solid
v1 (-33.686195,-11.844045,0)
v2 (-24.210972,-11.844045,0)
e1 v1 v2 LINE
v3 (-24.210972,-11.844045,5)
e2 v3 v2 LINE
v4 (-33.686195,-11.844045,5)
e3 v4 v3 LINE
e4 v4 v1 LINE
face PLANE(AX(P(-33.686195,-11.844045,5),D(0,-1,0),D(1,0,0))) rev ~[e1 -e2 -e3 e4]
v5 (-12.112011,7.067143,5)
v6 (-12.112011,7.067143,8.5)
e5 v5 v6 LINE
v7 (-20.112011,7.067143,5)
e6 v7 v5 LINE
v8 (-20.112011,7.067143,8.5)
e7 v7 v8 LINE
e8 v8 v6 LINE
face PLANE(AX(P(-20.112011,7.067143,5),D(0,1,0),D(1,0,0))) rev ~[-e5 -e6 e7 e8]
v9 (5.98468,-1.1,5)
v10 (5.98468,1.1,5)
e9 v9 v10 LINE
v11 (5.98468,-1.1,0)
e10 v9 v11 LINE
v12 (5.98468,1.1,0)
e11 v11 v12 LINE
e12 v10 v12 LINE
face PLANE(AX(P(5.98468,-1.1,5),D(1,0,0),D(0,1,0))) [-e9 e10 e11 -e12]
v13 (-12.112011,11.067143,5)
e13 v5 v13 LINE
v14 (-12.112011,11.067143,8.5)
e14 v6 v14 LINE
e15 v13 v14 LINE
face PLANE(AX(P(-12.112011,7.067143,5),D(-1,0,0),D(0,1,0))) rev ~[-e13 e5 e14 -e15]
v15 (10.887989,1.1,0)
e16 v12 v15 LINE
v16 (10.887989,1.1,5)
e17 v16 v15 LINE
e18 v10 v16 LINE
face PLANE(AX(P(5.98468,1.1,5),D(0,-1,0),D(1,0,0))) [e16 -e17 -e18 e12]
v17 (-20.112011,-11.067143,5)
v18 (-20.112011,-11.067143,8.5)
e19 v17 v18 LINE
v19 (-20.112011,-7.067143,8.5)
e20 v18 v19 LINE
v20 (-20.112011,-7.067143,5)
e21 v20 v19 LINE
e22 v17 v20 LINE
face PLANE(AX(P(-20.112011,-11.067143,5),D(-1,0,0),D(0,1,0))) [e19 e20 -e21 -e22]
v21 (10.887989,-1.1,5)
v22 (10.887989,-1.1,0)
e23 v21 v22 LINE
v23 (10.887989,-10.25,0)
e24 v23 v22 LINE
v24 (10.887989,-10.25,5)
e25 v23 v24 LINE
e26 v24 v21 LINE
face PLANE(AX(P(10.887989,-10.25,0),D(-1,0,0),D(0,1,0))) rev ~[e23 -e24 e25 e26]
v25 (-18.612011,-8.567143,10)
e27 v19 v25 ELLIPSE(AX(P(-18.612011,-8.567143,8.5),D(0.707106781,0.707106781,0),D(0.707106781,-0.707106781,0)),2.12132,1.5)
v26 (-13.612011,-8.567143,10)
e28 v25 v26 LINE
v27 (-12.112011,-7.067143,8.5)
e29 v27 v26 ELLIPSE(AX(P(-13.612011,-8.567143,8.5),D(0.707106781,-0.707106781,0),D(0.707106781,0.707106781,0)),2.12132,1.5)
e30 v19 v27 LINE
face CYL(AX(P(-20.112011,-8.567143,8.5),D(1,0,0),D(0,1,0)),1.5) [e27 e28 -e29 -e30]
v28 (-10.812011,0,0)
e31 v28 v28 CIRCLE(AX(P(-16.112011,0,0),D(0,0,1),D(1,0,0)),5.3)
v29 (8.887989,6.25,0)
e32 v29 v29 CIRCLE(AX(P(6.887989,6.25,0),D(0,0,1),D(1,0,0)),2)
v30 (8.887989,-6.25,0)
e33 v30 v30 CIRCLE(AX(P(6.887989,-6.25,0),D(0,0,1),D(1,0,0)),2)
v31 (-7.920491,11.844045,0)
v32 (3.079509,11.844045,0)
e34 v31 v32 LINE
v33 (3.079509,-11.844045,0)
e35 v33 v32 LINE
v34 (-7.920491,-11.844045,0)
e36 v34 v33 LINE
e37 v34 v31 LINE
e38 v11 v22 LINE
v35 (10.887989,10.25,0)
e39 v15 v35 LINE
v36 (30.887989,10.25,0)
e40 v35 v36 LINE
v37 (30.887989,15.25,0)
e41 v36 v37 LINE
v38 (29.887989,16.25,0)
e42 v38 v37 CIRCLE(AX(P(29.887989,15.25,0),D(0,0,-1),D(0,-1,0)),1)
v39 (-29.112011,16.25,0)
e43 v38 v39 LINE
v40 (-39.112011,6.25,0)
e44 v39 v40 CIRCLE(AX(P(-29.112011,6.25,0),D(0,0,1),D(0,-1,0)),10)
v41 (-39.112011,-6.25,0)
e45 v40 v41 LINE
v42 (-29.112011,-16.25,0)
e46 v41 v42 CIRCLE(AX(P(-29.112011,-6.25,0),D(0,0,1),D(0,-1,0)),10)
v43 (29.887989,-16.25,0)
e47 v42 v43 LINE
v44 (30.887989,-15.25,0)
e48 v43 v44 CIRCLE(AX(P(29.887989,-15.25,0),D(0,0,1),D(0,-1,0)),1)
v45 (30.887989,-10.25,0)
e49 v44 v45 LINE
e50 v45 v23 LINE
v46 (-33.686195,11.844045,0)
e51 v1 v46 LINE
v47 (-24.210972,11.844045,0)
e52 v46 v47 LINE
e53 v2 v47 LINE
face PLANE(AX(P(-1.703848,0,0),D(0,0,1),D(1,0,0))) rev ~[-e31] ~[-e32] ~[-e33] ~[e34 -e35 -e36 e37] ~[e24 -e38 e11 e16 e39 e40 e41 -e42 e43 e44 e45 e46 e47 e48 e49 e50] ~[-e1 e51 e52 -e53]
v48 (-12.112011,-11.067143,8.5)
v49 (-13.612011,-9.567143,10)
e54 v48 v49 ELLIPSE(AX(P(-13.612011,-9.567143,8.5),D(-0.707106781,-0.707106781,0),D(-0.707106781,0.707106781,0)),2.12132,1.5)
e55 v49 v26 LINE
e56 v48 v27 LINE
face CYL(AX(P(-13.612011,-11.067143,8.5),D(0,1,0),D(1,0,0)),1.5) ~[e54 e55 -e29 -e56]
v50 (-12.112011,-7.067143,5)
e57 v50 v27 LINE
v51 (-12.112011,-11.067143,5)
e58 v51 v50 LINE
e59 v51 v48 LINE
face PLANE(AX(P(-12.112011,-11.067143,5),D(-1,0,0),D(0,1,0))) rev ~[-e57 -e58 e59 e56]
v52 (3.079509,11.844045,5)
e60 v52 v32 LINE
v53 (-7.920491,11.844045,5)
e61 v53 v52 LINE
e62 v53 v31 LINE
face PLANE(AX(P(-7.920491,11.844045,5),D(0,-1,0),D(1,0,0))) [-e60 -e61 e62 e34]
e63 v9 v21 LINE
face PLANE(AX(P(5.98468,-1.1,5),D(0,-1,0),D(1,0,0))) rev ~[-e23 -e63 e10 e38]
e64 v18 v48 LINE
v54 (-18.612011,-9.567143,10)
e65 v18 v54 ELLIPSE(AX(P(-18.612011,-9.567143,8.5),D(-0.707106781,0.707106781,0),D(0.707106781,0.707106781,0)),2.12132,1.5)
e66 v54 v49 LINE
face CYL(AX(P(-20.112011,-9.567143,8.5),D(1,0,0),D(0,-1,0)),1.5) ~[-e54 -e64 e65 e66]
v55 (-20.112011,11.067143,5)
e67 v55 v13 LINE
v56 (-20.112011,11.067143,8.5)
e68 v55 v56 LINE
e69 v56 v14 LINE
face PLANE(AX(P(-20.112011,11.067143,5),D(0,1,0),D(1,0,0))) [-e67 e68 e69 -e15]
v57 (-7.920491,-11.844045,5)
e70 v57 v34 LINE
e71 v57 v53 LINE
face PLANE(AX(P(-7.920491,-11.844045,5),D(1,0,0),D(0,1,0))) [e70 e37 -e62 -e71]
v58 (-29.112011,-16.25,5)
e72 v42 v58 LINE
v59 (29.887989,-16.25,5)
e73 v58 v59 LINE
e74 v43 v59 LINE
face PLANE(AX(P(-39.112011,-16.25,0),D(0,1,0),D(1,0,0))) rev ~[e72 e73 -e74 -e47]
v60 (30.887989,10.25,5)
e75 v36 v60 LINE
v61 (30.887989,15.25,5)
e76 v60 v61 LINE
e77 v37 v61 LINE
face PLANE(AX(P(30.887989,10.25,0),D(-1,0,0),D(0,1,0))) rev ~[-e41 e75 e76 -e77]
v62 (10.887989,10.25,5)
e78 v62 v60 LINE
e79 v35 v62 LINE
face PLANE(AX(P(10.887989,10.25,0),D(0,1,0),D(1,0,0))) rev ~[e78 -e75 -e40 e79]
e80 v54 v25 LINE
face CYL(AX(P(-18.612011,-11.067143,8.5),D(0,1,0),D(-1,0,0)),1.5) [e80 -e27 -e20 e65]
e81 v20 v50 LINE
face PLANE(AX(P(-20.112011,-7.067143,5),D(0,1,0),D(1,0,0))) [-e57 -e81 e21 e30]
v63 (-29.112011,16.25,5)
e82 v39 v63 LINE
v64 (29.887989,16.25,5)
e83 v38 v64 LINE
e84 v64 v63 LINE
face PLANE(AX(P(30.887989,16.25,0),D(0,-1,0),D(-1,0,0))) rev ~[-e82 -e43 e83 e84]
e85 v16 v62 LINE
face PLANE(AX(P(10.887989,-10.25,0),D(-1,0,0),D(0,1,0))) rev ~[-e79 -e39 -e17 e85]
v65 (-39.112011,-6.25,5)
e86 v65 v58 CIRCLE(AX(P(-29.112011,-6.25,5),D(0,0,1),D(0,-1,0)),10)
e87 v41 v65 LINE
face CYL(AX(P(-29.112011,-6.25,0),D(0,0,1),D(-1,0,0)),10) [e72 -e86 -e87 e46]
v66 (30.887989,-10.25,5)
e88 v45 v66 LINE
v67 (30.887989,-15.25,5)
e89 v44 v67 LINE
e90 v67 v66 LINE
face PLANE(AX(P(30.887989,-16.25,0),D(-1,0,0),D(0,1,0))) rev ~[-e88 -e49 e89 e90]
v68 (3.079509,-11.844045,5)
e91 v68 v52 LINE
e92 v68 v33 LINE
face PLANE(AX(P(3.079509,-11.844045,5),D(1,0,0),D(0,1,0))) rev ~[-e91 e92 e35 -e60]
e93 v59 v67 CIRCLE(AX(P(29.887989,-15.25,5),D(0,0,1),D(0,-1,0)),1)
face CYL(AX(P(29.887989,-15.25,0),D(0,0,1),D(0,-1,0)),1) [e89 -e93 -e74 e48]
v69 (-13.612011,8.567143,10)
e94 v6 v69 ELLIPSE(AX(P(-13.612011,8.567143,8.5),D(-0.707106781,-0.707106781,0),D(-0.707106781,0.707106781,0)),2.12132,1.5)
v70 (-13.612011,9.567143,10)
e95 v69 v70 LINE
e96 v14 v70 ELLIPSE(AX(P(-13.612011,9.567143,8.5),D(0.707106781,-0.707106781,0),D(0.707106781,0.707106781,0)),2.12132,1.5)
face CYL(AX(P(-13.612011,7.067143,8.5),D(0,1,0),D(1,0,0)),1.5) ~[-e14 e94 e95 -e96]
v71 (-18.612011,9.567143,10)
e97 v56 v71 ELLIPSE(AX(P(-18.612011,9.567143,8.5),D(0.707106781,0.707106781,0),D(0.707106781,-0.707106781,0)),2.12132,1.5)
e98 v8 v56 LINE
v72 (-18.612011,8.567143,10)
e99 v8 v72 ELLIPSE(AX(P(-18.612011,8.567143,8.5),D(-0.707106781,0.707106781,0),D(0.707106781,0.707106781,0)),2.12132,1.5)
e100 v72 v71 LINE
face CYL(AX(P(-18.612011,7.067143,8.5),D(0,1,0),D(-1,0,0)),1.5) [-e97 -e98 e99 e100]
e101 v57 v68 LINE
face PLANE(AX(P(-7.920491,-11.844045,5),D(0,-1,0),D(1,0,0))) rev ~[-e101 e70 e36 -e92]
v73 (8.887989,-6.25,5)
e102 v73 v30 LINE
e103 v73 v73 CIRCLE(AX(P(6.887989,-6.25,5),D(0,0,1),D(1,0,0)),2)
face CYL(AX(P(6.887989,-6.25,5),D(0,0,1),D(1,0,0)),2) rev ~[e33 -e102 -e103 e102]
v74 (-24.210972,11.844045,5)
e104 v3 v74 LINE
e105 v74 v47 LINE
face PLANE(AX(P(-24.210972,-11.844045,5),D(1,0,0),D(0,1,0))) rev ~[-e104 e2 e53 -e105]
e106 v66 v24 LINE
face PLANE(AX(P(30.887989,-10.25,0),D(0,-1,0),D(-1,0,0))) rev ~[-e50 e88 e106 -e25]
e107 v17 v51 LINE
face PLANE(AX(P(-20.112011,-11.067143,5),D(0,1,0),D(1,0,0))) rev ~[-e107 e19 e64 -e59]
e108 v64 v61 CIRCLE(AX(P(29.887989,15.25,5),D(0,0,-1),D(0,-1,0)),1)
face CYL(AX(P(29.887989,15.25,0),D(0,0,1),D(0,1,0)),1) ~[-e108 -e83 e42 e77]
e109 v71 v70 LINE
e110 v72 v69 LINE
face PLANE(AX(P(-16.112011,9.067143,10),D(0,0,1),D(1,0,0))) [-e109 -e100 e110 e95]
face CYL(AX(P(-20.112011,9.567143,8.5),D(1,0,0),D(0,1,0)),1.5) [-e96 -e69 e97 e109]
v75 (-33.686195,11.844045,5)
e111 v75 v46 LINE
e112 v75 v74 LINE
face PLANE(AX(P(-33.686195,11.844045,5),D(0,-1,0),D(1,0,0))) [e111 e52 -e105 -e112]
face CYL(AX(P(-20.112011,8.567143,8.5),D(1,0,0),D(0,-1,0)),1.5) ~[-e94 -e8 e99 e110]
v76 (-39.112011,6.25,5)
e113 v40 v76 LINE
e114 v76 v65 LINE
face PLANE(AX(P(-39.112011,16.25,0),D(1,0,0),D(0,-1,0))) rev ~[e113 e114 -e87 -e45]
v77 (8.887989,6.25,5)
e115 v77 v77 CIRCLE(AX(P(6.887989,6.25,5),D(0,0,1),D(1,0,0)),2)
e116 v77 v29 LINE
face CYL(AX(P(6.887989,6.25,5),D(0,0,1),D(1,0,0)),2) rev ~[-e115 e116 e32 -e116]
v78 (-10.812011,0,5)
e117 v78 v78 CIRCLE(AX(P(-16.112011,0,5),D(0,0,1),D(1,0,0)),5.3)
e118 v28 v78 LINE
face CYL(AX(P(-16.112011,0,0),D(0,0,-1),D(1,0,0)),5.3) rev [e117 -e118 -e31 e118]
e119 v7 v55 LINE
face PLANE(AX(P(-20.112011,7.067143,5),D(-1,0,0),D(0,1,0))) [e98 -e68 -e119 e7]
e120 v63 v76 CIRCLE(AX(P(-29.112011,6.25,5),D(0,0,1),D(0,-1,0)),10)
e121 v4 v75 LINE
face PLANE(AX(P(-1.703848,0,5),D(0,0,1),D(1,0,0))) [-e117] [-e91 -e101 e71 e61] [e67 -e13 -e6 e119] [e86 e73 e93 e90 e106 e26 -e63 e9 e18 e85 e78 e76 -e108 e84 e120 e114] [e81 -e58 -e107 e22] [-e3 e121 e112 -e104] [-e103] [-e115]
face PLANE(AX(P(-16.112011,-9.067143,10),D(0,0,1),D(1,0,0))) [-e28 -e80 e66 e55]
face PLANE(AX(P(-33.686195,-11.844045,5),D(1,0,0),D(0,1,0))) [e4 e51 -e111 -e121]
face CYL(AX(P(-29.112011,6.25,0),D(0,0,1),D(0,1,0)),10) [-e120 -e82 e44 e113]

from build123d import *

# Parameters (mm, degrees)
SKETCH_R      = 5.3
PAD_DEPTH     = 5
FILLET_R      = 10
FILLET001_R   = 1
SKETCH001_R   = 2
SKETCH001_W   = 9.475223
SKETCH001_H   = 23.68809
SKETCH001_W_2 = 11
SKETCH001_W_3 = 4.903309
SKETCH001_H_2 = 2.2
POCKET_DEPTH  = 5
SKETCH002_W   = 8
SKETCH002_H   = 4
PAD001_DEPTH  = 5
FILLET002_R   = 1.5


with BuildPart() as part:
    # Sketch → Pad (new body)
    with BuildSketch(Plane.XY):
        Polygon((30.887989, 10.25), (30.887989, 16.25), (-39.112011, 16.25), (-39.112011, -16.25), (30.887989, -16.25), (30.887989, -10.25), (10.887989, -10.25), (10.887989, 10.25), align=None)
        with Locations((-16.112011, 0)):
            Circle(SKETCH_R, mode=Mode.SUBTRACT)
    extrude(amount=PAD_DEPTH)

    # Fillet
    fillet_edges = [part.edges().sort_by_distance(p)[0] for p in [
        (-39.112011, -16.25, 2.5),
        (-39.112011, 16.25, 2.5),
    ]]
    fillet(fillet_edges, radius=FILLET_R)

    # Fillet001
    fillet001_edges = [part.edges().sort_by_distance(p)[0] for p in [
        (30.887989, -16.25, 2.5),
        (30.887989, 16.25, 2.5),
    ]]
    fillet(fillet001_edges, radius=FILLET001_R)

    # Sketch001 (on Face5 of Fillet001) → Pocket (cut)
    with BuildSketch(Plane.XY.offset(5)):
        with Locations((6.887989, 6.25)):
            Circle(SKETCH001_R)
        with Locations((6.887989, -6.25)):
            Circle(SKETCH001_R)
        with Locations((-28.9485835, 0)):
            Rectangle(SKETCH001_W, SKETCH001_H)
        with Locations((-2.4204911845, 0)):
            Rectangle(SKETCH001_W_2, SKETCH001_H)
        with Locations((8.4363345, 0)):
            Rectangle(SKETCH001_W_3, SKETCH001_H_2)
    extrude(amount=-POCKET_DEPTH, mode=Mode.SUBTRACT)

    # Sketch002 (on Face5 of Pocket) → Pad001 (join)
    with BuildSketch(Plane.XY.offset(5)):
        with Locations((-16.112011, 9.067142847)):
            Rectangle(SKETCH002_W, SKETCH002_H)
        with Locations((-16.112011, -9.067142847)):
            Rectangle(SKETCH002_W, SKETCH002_H)
    extrude(amount=PAD001_DEPTH)

    # Fillet002
    fillet002_edges = [part.edges().sort_by_distance(p)[0] for p in [
        (-16.112011, 11.067143, 10),
        (-12.112011, 9.067143, 10),
        (-16.112011, 7.067143, 10),
        (-20.112011, 9.067143, 10),
        (-16.112011, -7.067143, 10),
        (-12.112011, -9.067143, 10),
        (-16.112011, -11.067143, 10),
        (-20.112011, -9.067143, 10),
    ]]
    fillet(fillet002_edges, radius=FILLET002_R)


solid = part.part
